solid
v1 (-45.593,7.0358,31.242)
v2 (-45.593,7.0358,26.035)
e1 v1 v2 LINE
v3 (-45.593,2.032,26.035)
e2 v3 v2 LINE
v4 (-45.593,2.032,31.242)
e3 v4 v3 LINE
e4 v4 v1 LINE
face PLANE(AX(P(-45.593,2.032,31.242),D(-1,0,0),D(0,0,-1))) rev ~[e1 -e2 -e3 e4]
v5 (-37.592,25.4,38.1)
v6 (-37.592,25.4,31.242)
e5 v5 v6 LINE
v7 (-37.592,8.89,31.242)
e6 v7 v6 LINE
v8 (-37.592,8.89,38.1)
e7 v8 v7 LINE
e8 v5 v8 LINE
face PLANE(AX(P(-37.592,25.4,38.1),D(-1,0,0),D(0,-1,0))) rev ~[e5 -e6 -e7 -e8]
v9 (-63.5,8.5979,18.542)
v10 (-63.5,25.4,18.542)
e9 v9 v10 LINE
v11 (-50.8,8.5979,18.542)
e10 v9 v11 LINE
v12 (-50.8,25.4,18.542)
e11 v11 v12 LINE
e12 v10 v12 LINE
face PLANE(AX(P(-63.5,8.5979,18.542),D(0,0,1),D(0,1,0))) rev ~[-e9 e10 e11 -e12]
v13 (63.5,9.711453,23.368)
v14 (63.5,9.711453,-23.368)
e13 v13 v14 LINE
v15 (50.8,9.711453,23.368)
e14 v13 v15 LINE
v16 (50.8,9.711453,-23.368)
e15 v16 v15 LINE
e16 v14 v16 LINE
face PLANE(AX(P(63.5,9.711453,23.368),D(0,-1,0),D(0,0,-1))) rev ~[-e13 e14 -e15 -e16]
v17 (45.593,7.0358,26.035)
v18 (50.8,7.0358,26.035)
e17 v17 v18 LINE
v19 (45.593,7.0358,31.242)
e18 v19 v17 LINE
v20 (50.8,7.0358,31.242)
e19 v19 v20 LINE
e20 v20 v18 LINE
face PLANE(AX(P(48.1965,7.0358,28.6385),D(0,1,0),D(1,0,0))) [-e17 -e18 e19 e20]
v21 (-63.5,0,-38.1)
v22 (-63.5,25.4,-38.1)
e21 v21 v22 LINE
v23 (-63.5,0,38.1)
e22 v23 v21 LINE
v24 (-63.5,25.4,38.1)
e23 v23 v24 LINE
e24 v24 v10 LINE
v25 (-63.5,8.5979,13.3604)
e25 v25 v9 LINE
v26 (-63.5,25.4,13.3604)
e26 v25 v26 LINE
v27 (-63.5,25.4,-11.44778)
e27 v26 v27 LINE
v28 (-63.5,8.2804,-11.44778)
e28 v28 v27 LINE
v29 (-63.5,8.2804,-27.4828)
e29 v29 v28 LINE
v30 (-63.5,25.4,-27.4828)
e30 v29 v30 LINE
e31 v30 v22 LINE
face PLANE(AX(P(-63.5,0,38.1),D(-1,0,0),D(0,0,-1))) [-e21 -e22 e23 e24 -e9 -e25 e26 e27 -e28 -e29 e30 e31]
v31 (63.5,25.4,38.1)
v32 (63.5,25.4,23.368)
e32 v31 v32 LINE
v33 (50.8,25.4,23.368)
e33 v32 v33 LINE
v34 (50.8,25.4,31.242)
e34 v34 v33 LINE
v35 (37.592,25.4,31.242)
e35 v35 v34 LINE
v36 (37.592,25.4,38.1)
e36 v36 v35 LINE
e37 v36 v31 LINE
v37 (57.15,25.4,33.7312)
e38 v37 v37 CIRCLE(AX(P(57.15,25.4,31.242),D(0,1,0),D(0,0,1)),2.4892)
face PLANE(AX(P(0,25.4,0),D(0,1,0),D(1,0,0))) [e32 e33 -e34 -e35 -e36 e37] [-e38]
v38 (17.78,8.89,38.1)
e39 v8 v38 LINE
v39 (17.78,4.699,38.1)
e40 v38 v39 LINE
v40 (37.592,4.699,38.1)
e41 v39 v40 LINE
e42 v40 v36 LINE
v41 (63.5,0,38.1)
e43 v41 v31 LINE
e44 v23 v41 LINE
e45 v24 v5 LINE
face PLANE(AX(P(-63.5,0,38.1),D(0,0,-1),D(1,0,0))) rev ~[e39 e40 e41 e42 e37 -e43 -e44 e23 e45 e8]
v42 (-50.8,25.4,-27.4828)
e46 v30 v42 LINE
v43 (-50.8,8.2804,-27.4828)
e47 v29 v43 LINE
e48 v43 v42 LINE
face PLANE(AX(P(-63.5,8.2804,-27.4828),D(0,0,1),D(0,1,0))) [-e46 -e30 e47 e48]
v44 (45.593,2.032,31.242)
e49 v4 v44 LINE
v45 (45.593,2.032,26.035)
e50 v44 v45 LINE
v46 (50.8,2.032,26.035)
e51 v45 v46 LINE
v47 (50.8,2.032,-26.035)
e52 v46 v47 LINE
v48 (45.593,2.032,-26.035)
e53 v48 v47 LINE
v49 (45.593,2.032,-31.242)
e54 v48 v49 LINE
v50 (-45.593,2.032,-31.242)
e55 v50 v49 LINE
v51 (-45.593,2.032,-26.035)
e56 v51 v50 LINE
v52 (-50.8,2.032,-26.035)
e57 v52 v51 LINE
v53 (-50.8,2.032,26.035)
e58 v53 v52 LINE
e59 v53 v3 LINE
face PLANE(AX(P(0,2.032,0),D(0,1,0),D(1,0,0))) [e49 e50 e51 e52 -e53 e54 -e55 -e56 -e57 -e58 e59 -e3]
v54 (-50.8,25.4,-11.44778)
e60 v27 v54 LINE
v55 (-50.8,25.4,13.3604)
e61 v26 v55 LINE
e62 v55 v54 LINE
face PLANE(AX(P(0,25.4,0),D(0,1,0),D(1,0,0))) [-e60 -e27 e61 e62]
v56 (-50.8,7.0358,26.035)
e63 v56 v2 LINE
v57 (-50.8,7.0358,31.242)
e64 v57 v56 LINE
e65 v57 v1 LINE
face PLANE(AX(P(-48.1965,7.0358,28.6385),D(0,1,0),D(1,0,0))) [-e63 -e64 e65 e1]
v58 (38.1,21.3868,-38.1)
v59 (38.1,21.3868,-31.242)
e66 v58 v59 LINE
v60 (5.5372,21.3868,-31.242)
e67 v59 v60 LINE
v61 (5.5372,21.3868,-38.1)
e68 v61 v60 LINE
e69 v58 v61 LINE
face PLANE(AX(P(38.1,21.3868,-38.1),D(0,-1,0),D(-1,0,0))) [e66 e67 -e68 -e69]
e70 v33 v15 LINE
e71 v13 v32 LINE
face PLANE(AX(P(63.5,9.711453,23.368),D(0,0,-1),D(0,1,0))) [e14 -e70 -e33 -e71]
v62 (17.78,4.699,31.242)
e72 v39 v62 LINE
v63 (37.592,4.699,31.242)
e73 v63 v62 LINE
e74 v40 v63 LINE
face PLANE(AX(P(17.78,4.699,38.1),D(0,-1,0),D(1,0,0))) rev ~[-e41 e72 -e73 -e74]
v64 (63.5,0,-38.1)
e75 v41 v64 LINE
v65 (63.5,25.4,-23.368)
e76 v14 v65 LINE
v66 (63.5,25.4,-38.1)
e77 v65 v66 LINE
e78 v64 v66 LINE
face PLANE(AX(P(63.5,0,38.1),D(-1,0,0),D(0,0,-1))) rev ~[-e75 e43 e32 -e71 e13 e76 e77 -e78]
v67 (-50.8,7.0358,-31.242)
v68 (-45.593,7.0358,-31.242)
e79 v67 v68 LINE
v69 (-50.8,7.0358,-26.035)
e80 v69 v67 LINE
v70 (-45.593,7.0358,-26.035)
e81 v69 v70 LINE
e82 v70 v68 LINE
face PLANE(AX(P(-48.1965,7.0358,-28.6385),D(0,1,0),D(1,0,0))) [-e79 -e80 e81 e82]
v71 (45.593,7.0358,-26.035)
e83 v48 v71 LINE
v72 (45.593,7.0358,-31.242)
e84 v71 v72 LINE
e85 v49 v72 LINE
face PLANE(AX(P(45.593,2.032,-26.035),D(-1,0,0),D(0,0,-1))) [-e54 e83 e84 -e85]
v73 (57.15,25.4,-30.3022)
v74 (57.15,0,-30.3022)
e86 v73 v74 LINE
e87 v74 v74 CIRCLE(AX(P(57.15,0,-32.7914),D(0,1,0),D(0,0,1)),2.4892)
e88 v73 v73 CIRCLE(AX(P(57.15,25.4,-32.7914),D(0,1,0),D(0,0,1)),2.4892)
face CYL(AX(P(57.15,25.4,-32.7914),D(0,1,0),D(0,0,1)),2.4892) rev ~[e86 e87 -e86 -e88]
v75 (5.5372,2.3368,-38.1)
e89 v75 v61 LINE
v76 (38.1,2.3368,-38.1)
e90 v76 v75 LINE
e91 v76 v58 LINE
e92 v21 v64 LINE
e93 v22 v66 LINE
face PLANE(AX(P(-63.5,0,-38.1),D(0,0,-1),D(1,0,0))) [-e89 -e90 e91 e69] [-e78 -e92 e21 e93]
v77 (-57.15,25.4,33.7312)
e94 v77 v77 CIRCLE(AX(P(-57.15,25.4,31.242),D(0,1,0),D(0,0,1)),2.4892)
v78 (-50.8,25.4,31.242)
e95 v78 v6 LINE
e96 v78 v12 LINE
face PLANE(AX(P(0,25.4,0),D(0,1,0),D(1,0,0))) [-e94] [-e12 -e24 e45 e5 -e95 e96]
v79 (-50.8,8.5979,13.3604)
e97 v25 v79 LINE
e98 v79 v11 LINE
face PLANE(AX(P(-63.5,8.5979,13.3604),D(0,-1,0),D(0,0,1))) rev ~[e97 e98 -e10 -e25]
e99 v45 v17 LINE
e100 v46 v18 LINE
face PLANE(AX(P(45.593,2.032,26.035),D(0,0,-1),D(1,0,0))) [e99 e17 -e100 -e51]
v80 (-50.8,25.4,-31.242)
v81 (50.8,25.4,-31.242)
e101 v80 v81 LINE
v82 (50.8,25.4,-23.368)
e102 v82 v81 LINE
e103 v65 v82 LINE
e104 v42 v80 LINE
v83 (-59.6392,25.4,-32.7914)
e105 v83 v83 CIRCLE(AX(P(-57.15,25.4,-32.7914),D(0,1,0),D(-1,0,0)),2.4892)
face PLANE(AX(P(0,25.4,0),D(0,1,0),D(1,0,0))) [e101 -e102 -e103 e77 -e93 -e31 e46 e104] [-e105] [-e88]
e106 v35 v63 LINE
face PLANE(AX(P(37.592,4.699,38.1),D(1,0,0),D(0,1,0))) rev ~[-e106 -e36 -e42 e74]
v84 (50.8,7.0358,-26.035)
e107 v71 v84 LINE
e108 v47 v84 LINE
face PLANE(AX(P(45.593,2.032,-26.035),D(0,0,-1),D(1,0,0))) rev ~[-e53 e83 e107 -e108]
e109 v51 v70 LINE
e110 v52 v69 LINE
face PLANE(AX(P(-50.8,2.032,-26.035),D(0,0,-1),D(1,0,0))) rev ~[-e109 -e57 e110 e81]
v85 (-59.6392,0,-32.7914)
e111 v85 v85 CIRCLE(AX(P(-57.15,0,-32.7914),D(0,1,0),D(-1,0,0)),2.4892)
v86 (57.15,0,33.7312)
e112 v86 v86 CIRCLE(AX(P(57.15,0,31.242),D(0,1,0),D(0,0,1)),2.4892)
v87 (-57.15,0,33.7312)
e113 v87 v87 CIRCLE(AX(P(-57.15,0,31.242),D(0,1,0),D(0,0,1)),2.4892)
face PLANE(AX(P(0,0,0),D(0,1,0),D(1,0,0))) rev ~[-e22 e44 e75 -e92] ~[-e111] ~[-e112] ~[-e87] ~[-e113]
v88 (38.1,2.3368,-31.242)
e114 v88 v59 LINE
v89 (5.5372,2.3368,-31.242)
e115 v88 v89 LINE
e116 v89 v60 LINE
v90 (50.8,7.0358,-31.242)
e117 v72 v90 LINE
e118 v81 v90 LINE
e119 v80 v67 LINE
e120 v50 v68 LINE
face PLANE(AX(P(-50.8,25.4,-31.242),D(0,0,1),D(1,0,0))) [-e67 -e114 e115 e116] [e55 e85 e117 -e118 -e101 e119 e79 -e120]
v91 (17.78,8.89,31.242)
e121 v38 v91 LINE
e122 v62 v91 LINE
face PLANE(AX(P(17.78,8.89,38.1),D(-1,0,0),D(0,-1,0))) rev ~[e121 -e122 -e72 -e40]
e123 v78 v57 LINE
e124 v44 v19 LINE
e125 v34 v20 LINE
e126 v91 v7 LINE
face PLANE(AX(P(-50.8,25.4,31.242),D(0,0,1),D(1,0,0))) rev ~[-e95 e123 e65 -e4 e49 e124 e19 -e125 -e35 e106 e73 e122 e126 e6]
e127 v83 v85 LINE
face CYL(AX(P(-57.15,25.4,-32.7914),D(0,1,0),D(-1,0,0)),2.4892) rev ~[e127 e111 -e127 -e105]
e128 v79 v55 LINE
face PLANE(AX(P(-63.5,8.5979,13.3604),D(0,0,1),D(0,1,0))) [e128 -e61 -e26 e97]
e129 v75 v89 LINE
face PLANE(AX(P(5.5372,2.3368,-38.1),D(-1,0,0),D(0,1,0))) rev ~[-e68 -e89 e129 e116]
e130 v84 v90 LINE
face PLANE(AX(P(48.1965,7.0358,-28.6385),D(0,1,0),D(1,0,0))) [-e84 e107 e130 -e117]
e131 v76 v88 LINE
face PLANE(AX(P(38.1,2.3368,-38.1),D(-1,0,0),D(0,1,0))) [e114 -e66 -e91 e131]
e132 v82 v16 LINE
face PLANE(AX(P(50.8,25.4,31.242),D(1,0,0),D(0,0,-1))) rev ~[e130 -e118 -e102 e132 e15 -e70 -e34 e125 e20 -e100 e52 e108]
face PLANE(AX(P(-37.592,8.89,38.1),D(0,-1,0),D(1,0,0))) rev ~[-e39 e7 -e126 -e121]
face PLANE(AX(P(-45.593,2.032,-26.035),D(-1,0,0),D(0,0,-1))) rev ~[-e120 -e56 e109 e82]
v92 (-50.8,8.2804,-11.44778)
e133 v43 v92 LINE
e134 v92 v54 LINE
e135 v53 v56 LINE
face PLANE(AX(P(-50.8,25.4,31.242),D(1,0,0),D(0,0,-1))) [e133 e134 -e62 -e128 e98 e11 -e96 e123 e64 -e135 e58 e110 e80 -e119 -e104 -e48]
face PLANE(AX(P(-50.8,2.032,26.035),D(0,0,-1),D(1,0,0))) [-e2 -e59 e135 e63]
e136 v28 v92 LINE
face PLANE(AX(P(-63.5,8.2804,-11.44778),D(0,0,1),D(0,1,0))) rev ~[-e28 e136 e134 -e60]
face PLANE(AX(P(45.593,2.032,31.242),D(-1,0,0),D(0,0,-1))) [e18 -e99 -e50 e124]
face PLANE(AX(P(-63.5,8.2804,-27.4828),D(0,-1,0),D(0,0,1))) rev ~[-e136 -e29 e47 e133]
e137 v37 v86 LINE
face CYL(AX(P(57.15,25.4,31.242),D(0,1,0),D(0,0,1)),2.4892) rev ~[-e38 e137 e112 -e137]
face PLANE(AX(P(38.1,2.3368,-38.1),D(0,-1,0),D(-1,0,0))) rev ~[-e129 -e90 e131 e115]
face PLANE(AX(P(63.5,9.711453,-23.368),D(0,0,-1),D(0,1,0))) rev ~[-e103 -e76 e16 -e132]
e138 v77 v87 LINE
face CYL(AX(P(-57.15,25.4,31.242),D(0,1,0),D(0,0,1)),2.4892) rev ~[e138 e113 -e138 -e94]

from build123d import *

# Parameters (mm, degrees)
CROQUIS1_W              = 127
CROQUIS1_H              = 76.2
SALIENTE_EXTRUIR1_DEPTH = 25.4
CROQUIS2_W              = 101.6
CROQUIS2_H              = 62.484
CORTAR_EXTRUIR1_DEPTH   = 23.368
CORTAR_EXTRUIR2_REACH   = 137.003
CROQUIS3_W              = 46.736
CROQUIS3_H              = 15.688547189
CORTAR_EXTRUIR3_REACH   = 104.391
CORTAR_EXTRUIR4_REACH   = 137.003
CROQUIS5_W              = 5.1816
CROQUIS5_H              = 16.8021
CROQUIS5_W_2            = 16.03502
CROQUIS5_H_2            = 17.1196
CORTAR_EXTRUIR5_REACH   = 104.391
CROQUIS6_W              = 32.5628
CROQUIS6_H              = 19.05
CROQUIS7_R              = 2.4892
CORTAR_EXTRUIR6_DEPTH   = 79.288057838
CROQUIS8_W              = 5.207
CROQUIS8_H              = 5.207
SALIENTE_EXTRUIR2_DEPTH = 5.0038


with BuildPart() as part:
    # Croquis1 → Saliente-Extruir1 (new body)
    with BuildSketch(Plane(origin=(0, 0, 0), x_dir=(1, 0, 0), z_dir=(0, 1, 0))):
        Rectangle(CROQUIS1_W, CROQUIS1_H)
    extrude(amount=SALIENTE_EXTRUIR1_DEPTH)

    # Croquis2 → Cortar-Extruir1 (cut)
    with BuildSketch(Plane(origin=(0, 25.4, 0), x_dir=(1, 0, 0), z_dir=(0, 1, 0))):
        Rectangle(CROQUIS2_W, CROQUIS2_H)
    extrude(amount=-CORTAR_EXTRUIR1_DEPTH, mode=Mode.SUBTRACT)

    # Croquis3 → Cortar-Extruir2 (cut, up to next)
    with BuildSketch(Plane(origin=(63.5, 0, 0), x_dir=(0, 0, -1), z_dir=(1, 0, 0)), mode=Mode.PRIVATE) as cortar_extruir2_sk1:
        with Locations((0, 17.555726406)):
            Rectangle(CROQUIS3_W, CROQUIS3_H)
    cortar_extruir2_tool1 = extrude(cortar_extruir2_sk1.sketch, amount=-CORTAR_EXTRUIR2_REACH, mode=Mode.PRIVATE) & part.part
    add(cortar_extruir2_tool1.solids().sort_by_distance((63.5, 17.555726, 0))[0], mode=Mode.SUBTRACT)

    # Croquis4 → Cortar-Extruir3 (cut, up to next)
    with BuildSketch(Plane.XY.offset(38.1), mode=Mode.PRIVATE) as cortar_extruir3_sk1:
        Polygon((-37.592, 8.89), (17.78, 8.89), (17.78, 4.699), (37.592, 4.699), (37.592, 8.89), (37.592, 25.4), (-37.592, 25.4), align=None)
    cortar_extruir3_tool1 = extrude(cortar_extruir3_sk1.sketch, amount=-CORTAR_EXTRUIR3_REACH, mode=Mode.PRIVATE) & part.part
    add(cortar_extruir3_tool1.solids().sort_by_distance((1.735854, 16.496045, 38.1))[0], mode=Mode.SUBTRACT)

    # Croquis5 → Cortar-Extruir4 (cut, up to next)
    with BuildSketch(Plane.ZY.offset(63.5), mode=Mode.PRIVATE) as cortar_extruir4_sk1:
        with Locations((15.9512, 16.99895)):
            Rectangle(CROQUIS5_W, CROQUIS5_H)
    cortar_extruir4_tool1 = extrude(cortar_extruir4_sk1.sketch, amount=-CORTAR_EXTRUIR4_REACH, mode=Mode.PRIVATE) & part.part
    # Croquis5 → Cortar-Extruir4 (cut, up to next)
    with BuildSketch(Plane.ZY.offset(63.5), mode=Mode.PRIVATE) as cortar_extruir4_sk2:
        with Locations((-19.46529, 16.8402)):
            Rectangle(CROQUIS5_W_2, CROQUIS5_H_2)
    cortar_extruir4_tool2 = extrude(cortar_extruir4_sk2.sketch, amount=-CORTAR_EXTRUIR4_REACH, mode=Mode.PRIVATE) & part.part
    add(cortar_extruir4_tool1.solids().sort_by_distance((-63.5, 16.99895, 15.9512))[0], mode=Mode.SUBTRACT)
    add(cortar_extruir4_tool2.solids().sort_by_distance((-63.5, 16.8402, -19.46529))[0], mode=Mode.SUBTRACT)

    # Croquis6 → Cortar-Extruir5 (cut, up to next)
    with BuildSketch(Plane(origin=(0, 0, -38.1), x_dir=(-1, 0, 0), z_dir=(0, 0, -1)), mode=Mode.PRIVATE) as cortar_extruir5_sk1:
        with Locations((-21.8186, 11.8618)):
            Rectangle(CROQUIS6_W, CROQUIS6_H)
    cortar_extruir5_tool1 = extrude(cortar_extruir5_sk1.sketch, amount=-CORTAR_EXTRUIR5_REACH, mode=Mode.PRIVATE) & part.part
    add(cortar_extruir5_tool1.solids().sort_by_distance((21.8186, 11.8618, -38.1))[0], mode=Mode.SUBTRACT)

    # Croquis7 → Cortar-Extruir6 (cut, through all)
    with BuildSketch(Plane(origin=(0, 25.4, 0), x_dir=(1, 0, 0), z_dir=(0, 1, 0))):
        with BuildLine():
            ThreePointArc((-54.6608, 32.7914), (-57.15, 35.2806), (-59.6392, 32.7914))
            Line((-59.6392, 32.7914), (-54.6608, 32.7914))
        make_face()
        with BuildLine():
            Line((-54.6608, 32.7914), (-59.6392, 32.7914))
            ThreePointArc((-59.6392, 32.7914), (-57.15, 30.3022), (-54.6608, 32.7914))
        make_face()
        with Locations(Location((-57.15, -31.242, 0), (0, 0, 270))):
            Circle(CROQUIS7_R)
        with Locations(Location((57.15, 32.7914, 0), (0, 0, 270))):
            Circle(CROQUIS7_R)
        with Locations(Location((57.15, -31.242, 0), (0, 0, 270))):
            Circle(CROQUIS7_R)
    extrude(amount=-CORTAR_EXTRUIR6_DEPTH, mode=Mode.SUBTRACT)

    # Croquis8 → Saliente-Extruir2 (add)
    with BuildSketch(Plane(origin=(0, 2.032, 0), x_dir=(1, 0, 0), z_dir=(0, 1, 0))):
        with Locations((-48.1965, 28.6385)):
            Rectangle(CROQUIS8_W, CROQUIS8_H)
        with Locations((-48.1965, -28.6385)):
            Rectangle(CROQUIS8_W, CROQUIS8_H)
        with Locations((48.1965, -28.6385)):
            Rectangle(CROQUIS8_W, CROQUIS8_H)
        with Locations((48.1965, 28.6385)):
            Rectangle(CROQUIS8_W, CROQUIS8_H)
    extrude(amount=SALIENTE_EXTRUIR2_DEPTH)


solid = part.part
